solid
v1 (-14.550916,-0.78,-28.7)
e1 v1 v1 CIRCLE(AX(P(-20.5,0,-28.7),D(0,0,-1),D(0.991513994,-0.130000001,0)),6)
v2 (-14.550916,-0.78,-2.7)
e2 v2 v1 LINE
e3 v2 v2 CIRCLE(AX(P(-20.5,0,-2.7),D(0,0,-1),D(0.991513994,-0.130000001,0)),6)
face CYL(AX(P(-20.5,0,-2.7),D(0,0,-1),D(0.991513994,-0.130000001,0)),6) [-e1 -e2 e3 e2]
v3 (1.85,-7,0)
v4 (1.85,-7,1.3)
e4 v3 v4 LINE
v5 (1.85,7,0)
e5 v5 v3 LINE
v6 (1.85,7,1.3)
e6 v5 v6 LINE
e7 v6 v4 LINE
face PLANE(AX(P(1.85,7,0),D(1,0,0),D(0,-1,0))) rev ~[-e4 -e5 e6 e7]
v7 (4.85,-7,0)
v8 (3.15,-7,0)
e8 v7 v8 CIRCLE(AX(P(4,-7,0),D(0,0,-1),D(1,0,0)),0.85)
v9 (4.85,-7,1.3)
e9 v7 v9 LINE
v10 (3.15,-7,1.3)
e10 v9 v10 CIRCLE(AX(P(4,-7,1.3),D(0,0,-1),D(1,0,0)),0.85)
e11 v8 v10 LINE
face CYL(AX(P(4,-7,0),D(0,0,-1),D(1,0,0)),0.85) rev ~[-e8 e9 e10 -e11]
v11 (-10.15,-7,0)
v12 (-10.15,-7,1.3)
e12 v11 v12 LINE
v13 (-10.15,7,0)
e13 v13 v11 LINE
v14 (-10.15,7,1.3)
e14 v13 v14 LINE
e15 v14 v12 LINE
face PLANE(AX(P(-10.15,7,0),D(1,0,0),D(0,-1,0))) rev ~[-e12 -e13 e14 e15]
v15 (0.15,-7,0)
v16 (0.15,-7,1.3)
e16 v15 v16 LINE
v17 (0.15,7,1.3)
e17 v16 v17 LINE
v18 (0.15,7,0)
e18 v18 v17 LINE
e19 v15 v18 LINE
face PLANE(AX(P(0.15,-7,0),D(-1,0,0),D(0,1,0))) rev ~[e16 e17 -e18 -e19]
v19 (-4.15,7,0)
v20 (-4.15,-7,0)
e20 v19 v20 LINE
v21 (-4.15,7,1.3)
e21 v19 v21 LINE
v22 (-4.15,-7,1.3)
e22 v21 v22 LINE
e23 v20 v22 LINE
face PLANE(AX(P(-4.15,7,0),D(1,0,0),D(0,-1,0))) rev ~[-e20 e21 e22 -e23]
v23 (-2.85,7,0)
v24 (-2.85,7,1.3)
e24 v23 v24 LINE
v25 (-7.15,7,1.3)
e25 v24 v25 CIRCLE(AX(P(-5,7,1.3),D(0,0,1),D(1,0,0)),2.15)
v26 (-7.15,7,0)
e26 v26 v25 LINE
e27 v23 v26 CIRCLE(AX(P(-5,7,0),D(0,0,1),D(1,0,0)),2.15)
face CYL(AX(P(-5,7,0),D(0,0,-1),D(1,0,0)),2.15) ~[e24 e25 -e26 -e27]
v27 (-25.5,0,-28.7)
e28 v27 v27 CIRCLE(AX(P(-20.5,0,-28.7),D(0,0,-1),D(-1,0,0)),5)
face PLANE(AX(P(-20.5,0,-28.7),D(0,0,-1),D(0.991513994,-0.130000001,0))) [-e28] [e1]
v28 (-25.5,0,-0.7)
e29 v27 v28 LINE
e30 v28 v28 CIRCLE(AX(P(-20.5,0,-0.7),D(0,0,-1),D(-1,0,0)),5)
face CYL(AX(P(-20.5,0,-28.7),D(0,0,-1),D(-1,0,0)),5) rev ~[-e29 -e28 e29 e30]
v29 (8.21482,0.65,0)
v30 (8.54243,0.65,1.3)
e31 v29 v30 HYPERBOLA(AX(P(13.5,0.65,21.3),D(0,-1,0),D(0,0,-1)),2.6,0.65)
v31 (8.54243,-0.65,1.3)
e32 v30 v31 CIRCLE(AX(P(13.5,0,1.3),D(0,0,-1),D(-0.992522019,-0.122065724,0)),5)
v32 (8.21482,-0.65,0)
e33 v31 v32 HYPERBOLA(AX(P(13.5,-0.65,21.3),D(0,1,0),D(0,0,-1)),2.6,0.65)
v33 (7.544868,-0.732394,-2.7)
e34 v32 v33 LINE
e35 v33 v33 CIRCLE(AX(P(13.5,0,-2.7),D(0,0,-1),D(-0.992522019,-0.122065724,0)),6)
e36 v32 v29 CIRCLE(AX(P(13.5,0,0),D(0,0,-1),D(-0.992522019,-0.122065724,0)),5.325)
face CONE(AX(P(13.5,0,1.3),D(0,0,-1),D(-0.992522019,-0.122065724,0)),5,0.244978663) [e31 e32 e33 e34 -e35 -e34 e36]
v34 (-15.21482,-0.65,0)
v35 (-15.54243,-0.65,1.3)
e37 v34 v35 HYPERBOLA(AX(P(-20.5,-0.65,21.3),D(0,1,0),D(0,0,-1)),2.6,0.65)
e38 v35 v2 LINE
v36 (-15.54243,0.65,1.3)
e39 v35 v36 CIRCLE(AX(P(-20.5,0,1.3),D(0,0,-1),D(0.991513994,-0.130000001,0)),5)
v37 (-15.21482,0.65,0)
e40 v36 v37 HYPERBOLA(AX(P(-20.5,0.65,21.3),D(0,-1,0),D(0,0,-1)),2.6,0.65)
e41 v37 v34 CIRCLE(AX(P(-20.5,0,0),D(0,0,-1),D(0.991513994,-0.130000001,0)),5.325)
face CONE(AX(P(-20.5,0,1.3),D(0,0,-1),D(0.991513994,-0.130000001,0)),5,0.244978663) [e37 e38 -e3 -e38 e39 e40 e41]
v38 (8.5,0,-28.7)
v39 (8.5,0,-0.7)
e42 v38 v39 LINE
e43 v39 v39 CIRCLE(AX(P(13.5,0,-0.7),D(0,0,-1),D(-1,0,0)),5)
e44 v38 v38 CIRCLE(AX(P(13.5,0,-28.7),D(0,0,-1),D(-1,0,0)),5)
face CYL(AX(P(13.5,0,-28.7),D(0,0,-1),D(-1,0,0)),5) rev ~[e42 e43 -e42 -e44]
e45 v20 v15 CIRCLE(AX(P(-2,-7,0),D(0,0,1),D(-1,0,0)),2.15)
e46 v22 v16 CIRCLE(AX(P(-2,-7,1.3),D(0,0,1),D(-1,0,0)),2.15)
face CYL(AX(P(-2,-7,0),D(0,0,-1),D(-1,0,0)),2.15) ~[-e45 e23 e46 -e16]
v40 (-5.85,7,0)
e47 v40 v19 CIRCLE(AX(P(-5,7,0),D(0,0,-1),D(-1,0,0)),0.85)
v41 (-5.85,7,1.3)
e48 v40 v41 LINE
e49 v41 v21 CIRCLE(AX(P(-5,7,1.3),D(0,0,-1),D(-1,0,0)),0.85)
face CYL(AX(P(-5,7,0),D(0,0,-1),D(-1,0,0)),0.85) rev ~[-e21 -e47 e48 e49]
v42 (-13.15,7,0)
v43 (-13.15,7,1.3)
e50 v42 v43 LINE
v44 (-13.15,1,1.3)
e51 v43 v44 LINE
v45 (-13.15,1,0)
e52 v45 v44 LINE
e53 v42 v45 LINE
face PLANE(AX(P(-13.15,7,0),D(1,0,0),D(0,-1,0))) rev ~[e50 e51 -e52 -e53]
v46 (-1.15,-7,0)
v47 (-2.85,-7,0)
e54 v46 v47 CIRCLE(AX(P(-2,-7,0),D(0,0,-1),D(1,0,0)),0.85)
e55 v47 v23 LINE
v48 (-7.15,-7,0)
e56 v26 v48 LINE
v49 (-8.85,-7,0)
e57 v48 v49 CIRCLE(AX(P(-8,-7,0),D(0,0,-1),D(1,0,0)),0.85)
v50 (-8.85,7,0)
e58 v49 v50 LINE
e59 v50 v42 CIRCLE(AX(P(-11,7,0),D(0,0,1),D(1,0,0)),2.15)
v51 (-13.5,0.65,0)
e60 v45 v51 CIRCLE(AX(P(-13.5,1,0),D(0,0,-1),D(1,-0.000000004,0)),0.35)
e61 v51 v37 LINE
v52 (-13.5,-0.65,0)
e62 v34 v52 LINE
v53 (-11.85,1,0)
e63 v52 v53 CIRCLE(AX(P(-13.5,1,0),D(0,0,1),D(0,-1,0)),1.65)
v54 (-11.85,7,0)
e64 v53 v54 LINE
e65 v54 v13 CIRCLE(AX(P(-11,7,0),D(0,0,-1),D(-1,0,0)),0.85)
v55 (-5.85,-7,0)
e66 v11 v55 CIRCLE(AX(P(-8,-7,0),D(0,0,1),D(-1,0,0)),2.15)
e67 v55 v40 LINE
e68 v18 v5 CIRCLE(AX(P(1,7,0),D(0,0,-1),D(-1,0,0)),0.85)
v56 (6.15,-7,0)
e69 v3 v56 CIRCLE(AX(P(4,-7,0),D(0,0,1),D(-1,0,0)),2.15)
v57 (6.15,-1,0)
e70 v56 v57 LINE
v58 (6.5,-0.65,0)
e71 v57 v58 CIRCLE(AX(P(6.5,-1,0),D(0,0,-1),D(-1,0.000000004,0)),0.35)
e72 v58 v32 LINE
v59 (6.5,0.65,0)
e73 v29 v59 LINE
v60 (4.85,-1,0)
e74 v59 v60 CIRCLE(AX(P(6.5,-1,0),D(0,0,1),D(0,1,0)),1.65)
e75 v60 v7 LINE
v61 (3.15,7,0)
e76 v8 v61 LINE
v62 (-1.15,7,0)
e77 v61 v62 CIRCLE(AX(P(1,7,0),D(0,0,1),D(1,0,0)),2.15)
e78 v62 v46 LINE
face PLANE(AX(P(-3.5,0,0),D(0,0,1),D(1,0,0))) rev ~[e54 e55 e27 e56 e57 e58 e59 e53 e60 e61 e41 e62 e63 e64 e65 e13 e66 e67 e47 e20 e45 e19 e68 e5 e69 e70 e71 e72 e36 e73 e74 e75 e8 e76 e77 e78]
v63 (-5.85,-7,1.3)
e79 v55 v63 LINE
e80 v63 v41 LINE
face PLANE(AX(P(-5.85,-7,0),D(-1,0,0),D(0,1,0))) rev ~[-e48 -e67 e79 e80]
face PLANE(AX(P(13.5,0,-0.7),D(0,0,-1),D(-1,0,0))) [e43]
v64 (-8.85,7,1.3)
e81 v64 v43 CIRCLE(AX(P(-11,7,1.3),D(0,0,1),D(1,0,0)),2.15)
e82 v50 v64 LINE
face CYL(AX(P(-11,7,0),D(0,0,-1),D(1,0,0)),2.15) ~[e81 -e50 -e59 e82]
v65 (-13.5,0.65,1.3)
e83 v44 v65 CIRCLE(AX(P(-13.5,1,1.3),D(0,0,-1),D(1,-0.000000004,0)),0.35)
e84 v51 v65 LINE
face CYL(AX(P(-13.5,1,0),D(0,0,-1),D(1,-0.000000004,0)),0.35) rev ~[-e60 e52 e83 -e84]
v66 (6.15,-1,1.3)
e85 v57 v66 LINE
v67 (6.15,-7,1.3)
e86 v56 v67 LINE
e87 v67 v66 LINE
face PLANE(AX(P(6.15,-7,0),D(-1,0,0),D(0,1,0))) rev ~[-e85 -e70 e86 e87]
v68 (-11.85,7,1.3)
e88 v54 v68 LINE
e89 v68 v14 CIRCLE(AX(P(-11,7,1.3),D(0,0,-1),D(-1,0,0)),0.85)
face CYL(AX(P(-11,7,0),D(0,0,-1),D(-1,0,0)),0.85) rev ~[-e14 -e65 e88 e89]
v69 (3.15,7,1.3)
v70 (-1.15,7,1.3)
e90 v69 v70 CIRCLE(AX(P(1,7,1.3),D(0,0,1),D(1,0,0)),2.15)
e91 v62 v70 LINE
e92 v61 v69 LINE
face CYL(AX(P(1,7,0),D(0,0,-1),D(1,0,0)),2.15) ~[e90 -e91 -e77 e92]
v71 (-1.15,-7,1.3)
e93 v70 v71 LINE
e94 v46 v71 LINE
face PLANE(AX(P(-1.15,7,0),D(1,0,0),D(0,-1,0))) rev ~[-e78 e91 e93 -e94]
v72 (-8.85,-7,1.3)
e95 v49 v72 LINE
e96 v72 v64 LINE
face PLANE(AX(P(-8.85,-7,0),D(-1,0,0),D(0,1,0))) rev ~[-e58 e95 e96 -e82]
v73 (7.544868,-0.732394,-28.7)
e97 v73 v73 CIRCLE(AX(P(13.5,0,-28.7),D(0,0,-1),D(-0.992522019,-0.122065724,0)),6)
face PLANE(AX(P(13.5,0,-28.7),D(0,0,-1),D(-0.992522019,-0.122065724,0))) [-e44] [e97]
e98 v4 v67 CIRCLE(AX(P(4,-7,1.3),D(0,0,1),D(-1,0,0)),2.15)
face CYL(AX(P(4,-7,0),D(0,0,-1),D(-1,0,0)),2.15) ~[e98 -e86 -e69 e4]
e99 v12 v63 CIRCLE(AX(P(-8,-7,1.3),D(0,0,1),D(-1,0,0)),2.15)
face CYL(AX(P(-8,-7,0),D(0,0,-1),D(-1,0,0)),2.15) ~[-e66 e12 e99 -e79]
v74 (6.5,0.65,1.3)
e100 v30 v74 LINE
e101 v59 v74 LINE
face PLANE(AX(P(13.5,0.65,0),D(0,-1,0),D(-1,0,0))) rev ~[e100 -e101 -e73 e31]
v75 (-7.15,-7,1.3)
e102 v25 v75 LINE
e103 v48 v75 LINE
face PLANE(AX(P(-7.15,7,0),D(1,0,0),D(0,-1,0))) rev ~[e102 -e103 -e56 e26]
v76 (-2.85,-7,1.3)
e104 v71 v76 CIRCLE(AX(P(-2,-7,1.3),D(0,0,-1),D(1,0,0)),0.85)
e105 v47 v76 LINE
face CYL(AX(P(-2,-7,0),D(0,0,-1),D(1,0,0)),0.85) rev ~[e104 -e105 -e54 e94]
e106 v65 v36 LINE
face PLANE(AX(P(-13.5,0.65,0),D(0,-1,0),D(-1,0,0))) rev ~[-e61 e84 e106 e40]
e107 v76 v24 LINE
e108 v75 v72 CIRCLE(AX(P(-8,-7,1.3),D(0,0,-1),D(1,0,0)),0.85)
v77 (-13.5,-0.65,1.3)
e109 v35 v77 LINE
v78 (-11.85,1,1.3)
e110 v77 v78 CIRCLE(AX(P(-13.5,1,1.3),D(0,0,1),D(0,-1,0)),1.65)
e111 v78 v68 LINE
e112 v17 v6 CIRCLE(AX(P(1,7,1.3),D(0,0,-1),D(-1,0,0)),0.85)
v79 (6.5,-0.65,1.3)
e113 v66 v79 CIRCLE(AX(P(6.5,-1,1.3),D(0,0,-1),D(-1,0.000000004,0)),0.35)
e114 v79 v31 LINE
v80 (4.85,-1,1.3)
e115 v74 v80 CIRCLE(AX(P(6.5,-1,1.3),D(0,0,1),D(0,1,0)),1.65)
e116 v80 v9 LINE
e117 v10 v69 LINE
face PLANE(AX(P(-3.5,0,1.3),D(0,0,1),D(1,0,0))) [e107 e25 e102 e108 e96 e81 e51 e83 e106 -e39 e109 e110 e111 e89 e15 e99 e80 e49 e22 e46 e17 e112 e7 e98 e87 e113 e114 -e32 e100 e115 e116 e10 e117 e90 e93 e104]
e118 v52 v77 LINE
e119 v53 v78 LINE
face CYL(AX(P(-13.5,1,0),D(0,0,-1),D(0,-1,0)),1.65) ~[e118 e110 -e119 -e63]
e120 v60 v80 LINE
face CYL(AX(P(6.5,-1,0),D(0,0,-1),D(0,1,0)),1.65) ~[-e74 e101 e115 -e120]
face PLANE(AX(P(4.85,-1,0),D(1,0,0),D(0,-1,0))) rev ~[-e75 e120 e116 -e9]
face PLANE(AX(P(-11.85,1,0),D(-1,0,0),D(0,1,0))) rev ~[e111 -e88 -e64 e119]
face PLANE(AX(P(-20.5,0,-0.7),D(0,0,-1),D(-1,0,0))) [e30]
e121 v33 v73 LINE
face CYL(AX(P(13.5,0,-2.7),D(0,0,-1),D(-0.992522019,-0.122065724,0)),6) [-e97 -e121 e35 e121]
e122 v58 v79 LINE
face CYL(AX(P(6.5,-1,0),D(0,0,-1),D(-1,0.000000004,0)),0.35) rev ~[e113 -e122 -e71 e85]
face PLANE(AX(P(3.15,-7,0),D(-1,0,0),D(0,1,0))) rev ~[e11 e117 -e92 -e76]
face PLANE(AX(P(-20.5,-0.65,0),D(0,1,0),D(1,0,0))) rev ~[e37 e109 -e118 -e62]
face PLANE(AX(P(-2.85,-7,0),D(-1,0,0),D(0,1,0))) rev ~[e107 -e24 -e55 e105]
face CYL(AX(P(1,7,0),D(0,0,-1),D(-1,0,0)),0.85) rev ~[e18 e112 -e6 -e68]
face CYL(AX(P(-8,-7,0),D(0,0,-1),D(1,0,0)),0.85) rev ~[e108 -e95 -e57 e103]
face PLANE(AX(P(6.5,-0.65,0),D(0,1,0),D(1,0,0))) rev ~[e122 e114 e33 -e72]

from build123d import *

# Parameters (mm, degrees)
BOSS_EXTRUDE1_DEPTH = 1.3
SKETCH5_R           = 5
CUT_EXTRUDE1_DEPTH  = 28


with BuildPart() as part:
    # Sketch2 → Boss-Extrude1 (new body)
    with BuildSketch(Plane.XY):
        with BuildLine():
            Line((-20.5, -0.65), (-13.5, -0.65))
            ThreePointArc((-13.5, -0.65), (-12.333273811, -0.166726189), (-11.85, 1))
            Line((-11.85, 1), (-11.85, 7))
            ThreePointArc((-11.85, 7), (-11, 7.85), (-10.15, 7))
            Line((-10.15, 7), (-10.15, 0))
            Line((-10.15, 0), (-10.15, -7))
            ThreePointArc((-10.15, -7), (-8, -9.15), (-5.85, -7))
            Line((-5.85, -7), (-5.85, 0))
            Line((-5.85, 0), (-5.85, 7))
            ThreePointArc((-5.85, 7), (-5, 7.85), (-4.15, 7))
            Line((-4.15, 7), (-4.15, 0))
            Line((-4.15, 0), (-4.15, -7))
            ThreePointArc((-4.15, -7), (-2, -9.15), (0.15, -7))
            Line((0.15, -7), (0.15, 0))
            Line((0.15, 0), (0.15, 7))
            ThreePointArc((0.15, 7), (1, 7.85), (1.85, 7))
            Line((1.85, 7), (1.85, 0))
            Line((1.85, 0), (1.85, -7))
            ThreePointArc((1.85, -7), (4, -9.15), (6.15, -7))
            Line((6.15, -7), (6.15, -1))
            ThreePointArc((6.15, -1), (6.252512627, -0.752512627), (6.5, -0.65))
            Line((6.5, -0.65), (13.5, -0.65))
            ThreePointArc((13.5, -0.65), (14.15, 0), (13.5, 0.65))
            Line((13.5, 0.65), (6.5, 0.65))
            ThreePointArc((6.5, 0.65), (5.333273811, 0.166726189), (4.85, -1))
            Line((4.85, -1), (4.85, -7))
            ThreePointArc((4.85, -7), (4, -7.85), (3.15, -7))
            Line((3.15, -7), (3.15, 0))
            Line((3.15, 0), (3.15, 7))
            ThreePointArc((3.15, 7), (1, 9.15), (-1.15, 7))
            Line((-1.15, 7), (-1.15, 0))
            Line((-1.15, 0), (-1.15, -7))
            ThreePointArc((-1.15, -7), (-2, -7.85), (-2.85, -7))
            Line((-2.85, -7), (-2.85, 0))
            Line((-2.85, 0), (-2.85, 7))
            ThreePointArc((-2.85, 7), (-5, 9.15), (-7.15, 7))
            Line((-7.15, 7), (-7.15, 0))
            Line((-7.15, 0), (-7.15, -7))
            ThreePointArc((-7.15, -7), (-8, -7.85), (-8.85, -7))
            Line((-8.85, -7), (-8.85, 0))
            Line((-8.85, 0), (-8.85, 7))
            ThreePointArc((-8.85, 7), (-11, 9.15), (-13.15, 7))
            Line((-13.15, 7), (-13.15, 1))
            ThreePointArc((-13.15, 1), (-13.252512627, 0.752512627), (-13.5, 0.65))
            Line((-13.5, 0.65), (-20.5, 0.65))
            ThreePointArc((-20.5, 0.65), (-21.15, 0), (-20.5, -0.65))
        make_face()
    extrude(amount=BOSS_EXTRUDE1_DEPTH)

    # Sketch3 → Revolve1 (revolve)
    with BuildSketch(Plane(origin=(0, 0, 0), x_dir=(1, 0, 0), z_dir=(0, 1, 0)), mode=Mode.PRIVATE) as revolve1_sk:
        Polygon((-20.5, -1.3), (-25.5, -1.3), (-26.5, 2.7), (-26.5, 28.7), (-20.5, 28.7), align=None)
    revolve(revolve1_sk.sketch.rotate(Axis((-20.5, 0, 1.3), (0, 0, -1)), 187.469592391), axis=Axis((-20.5, 0, 1.3), (0, 0, -1)))

    # Sketch4 → Revolve2 (revolve)
    with BuildSketch(Plane(origin=(0, 0, 0), x_dir=(1, 0, 0), z_dir=(0, 1, 0)), mode=Mode.PRIVATE) as revolve2_sk:
        Polygon((13.5, -1.3), (18.5, -1.3), (19.5, 2.7), (19.5, 28.7), (13.5, 28.7), align=None)
    revolve(revolve2_sk.sketch.rotate(Axis((13.5, 0, 1.3), (0, 0, -1)), 172.988663576), axis=Axis((13.5, 0, 1.3), (0, 0, -1)))

    # Sketch5 → Cut-Extrude1 (cut)
    with BuildSketch(Plane(origin=(0, 0, -28.7), x_dir=(-1, 0, 0), z_dir=(0, 0, -1))):
        with Locations((20.5, 0)):
            Circle(SKETCH5_R)
        with Locations((-13.5, 0)):
            Circle(SKETCH5_R)
    extrude(amount=-CUT_EXTRUDE1_DEPTH, mode=Mode.SUBTRACT)


solid = part.part
